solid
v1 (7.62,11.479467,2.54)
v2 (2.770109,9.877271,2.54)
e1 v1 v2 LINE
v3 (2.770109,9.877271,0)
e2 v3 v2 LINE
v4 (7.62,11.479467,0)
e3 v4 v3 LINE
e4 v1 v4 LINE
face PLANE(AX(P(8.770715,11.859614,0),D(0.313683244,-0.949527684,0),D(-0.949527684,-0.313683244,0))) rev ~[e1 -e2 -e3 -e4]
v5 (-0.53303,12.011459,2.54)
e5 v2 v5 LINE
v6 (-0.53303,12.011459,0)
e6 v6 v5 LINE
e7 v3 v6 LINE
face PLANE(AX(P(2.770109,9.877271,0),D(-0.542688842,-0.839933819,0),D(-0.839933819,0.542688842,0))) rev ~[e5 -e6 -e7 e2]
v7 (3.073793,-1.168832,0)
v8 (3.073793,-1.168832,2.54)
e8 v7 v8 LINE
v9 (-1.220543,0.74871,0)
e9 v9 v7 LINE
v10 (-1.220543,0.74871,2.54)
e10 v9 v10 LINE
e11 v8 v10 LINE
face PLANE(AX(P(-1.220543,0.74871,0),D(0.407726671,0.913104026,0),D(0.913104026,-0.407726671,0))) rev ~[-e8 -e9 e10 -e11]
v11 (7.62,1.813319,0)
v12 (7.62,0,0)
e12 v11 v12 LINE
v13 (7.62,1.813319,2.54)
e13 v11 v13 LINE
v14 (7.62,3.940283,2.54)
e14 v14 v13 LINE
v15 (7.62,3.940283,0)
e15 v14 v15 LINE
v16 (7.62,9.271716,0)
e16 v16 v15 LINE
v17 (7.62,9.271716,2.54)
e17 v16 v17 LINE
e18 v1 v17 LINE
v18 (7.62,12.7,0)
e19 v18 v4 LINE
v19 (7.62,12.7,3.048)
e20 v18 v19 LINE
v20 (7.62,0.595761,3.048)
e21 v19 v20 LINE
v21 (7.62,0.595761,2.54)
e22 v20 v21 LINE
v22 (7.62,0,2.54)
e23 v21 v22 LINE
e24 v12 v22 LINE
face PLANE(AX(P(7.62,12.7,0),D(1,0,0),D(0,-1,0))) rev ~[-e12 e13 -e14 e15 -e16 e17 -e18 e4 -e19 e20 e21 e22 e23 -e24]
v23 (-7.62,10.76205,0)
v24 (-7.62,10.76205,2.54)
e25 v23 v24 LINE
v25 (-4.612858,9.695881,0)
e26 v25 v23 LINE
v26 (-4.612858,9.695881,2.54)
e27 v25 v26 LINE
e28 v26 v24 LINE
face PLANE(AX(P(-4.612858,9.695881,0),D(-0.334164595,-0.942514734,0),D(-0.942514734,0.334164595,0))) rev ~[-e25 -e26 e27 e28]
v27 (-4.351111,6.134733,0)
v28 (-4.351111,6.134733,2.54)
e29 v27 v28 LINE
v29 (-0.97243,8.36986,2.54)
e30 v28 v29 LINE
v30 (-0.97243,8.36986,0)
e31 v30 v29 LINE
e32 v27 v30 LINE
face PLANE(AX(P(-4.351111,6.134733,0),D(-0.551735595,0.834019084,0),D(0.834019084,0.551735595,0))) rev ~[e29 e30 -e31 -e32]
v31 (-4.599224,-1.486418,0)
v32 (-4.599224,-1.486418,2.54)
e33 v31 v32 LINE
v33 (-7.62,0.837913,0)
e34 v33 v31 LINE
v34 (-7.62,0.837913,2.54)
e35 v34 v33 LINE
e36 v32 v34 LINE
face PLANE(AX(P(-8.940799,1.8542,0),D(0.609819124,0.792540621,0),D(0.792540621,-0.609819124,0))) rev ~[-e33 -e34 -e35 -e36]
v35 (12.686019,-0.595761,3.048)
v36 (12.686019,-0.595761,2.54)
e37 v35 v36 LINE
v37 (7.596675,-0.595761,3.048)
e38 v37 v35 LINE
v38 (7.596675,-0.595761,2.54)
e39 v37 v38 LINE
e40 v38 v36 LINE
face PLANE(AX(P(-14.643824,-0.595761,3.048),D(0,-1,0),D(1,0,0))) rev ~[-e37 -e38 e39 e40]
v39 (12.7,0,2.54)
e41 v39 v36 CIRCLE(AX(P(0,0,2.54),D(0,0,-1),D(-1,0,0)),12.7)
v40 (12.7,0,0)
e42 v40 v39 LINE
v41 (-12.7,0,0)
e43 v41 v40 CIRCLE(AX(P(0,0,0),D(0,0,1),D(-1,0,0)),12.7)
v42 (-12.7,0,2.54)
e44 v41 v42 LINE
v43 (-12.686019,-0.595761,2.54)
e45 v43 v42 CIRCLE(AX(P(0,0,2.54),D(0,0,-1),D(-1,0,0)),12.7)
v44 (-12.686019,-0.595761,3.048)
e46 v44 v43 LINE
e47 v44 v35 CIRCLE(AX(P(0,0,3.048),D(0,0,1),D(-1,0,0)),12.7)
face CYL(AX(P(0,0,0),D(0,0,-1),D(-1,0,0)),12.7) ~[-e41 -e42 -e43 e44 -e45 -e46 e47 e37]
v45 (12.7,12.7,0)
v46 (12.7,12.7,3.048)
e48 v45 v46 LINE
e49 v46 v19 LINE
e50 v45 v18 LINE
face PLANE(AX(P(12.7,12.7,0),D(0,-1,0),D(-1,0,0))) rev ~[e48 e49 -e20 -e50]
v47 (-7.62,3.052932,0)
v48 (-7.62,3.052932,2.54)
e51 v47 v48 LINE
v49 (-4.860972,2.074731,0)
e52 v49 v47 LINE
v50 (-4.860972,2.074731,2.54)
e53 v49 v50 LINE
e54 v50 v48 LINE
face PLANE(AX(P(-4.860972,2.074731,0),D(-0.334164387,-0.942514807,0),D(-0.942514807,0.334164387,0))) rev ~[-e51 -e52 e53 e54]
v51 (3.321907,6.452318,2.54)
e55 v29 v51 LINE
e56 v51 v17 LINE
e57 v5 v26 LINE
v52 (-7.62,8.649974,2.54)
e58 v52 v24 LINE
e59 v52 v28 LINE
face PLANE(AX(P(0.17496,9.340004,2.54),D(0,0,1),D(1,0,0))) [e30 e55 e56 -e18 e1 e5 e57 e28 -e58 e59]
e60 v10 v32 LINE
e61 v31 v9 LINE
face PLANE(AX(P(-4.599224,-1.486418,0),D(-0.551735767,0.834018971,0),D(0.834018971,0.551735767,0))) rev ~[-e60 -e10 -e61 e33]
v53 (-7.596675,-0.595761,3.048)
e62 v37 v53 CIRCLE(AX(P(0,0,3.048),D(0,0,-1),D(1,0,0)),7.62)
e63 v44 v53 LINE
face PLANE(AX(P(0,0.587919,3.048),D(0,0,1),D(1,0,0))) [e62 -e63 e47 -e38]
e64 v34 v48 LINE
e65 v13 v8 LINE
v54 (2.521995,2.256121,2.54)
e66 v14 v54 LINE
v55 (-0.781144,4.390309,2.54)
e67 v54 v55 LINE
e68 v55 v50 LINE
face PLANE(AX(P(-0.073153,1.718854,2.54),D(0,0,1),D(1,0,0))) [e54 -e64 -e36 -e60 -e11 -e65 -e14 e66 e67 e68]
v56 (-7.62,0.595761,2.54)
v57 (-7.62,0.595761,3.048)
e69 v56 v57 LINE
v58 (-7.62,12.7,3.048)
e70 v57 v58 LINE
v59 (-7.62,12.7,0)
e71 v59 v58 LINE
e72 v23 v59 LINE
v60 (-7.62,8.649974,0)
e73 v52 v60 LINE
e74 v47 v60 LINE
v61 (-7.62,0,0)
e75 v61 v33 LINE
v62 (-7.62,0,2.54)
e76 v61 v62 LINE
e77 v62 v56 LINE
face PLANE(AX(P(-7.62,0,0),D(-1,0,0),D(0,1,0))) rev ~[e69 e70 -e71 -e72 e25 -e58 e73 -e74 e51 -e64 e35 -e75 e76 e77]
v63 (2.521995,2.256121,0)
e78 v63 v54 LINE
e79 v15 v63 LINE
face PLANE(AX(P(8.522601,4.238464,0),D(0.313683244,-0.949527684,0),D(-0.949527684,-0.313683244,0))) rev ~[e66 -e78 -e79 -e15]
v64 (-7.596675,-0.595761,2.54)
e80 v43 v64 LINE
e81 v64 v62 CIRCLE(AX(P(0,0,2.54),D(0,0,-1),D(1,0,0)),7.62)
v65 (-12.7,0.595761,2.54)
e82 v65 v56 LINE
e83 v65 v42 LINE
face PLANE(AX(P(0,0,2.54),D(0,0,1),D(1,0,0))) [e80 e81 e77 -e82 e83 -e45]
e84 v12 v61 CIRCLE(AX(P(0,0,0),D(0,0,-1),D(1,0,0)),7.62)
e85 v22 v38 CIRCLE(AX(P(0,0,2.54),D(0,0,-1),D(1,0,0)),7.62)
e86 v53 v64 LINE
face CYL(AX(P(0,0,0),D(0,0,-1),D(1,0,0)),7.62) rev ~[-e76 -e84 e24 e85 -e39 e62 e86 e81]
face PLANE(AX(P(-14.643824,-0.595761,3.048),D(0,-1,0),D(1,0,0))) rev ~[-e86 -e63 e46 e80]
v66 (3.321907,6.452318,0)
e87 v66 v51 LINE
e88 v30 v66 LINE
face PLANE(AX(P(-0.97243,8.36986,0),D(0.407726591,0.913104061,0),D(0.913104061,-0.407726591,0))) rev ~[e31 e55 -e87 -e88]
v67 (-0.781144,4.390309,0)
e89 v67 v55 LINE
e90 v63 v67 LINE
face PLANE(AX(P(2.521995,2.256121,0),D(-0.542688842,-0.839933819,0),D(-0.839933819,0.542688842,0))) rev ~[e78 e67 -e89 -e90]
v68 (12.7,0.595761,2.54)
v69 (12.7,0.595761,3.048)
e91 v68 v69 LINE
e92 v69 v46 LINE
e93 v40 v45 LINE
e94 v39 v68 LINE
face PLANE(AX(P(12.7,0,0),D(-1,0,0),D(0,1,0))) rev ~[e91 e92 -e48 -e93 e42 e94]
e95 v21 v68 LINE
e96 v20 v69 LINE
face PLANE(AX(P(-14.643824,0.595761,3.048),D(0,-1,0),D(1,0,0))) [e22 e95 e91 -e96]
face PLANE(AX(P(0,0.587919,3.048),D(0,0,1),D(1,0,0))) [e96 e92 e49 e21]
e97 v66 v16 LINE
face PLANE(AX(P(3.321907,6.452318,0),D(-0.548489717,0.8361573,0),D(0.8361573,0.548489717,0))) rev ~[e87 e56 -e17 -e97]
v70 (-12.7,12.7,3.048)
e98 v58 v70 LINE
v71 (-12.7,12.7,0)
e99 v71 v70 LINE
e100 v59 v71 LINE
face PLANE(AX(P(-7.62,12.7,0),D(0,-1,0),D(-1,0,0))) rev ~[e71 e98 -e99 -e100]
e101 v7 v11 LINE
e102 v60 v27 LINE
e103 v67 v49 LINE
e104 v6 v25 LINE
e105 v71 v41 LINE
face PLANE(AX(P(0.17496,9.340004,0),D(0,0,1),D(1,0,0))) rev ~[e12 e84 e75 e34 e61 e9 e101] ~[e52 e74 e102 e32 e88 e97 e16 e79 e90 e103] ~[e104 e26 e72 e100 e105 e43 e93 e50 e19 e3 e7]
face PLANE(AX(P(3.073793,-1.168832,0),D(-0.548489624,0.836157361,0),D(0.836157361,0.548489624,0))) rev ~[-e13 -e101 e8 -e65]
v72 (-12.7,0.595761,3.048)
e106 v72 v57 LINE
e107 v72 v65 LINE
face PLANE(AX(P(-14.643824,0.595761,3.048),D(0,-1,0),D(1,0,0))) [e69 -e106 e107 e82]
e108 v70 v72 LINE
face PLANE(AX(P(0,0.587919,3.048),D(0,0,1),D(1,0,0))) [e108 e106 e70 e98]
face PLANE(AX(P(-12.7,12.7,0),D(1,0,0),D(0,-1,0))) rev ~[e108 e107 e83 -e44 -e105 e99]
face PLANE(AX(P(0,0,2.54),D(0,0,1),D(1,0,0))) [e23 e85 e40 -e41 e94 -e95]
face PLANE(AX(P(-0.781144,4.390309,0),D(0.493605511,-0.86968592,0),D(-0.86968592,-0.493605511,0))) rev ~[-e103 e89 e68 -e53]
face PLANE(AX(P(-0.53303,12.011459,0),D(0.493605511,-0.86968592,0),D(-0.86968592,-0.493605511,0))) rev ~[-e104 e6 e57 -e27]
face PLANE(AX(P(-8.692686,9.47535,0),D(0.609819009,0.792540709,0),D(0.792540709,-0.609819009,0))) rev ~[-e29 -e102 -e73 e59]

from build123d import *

# Parameters (mm, degrees)
F1_DEPTH = 3.048
F3_DEPTH = 2.54
F4_W     = 29.287648
F4_H     = 1.191522
F5_DEPTH = 0.508


with BuildPart() as f1:
    # F0 (on Top) → F1 (new body)
    with BuildSketch(Plane.XY):
        with BuildLine():
            Line((12.7, 0), (12.7, 12.7))
            Line((12.7, 12.7), (7.62, 12.7))
            Line((7.62, 12.7), (7.62, 0))
            ThreePointArc((7.62, 0), (0, -7.62), (-7.62, 0))
            Line((-7.62, 0), (-7.62, 12.7))
            Line((-7.62, 12.7), (-12.7, 12.7))
            Line((-12.7, 12.7), (-12.7, 0))
            ThreePointArc((-12.7, 0), (0, -12.7), (12.7, 0))
        make_face()
    extrude(amount=F1_DEPTH)

    # F2 (on Top) → F3 (join)
    with BuildSketch(Plane.XY):
        Polygon((-4.612858, 9.695881), (-8.65593, 11.129335), (-8.692686, 9.47535), (-4.351111, 6.134733), (-0.97243, 8.36986), (3.321907, 6.452318), (9.611405, 10.578007), (8.770715, 11.859614), (2.770109, 9.877271), (-0.53303, 12.011459), align=None)
        Polygon((-4.860972, 2.074731), (-8.904044, 3.508184), (-8.940799, 1.8542), (-4.599224, -1.486418), (-1.220543, 0.74871), (3.073793, -1.168832), (9.363291, 2.956856), (8.522601, 4.238464), (2.521995, 2.256121), (-0.781144, 4.390309), align=None)
    extrude(amount=F3_DEPTH)

    # F4 (on face) → F5 (cut)
    with BuildSketch(Plane.XY.offset(3.048)):
        Rectangle(F4_W, F4_H)
    extrude(amount=-F5_DEPTH, mode=Mode.SUBTRACT)


solid = f1.part
